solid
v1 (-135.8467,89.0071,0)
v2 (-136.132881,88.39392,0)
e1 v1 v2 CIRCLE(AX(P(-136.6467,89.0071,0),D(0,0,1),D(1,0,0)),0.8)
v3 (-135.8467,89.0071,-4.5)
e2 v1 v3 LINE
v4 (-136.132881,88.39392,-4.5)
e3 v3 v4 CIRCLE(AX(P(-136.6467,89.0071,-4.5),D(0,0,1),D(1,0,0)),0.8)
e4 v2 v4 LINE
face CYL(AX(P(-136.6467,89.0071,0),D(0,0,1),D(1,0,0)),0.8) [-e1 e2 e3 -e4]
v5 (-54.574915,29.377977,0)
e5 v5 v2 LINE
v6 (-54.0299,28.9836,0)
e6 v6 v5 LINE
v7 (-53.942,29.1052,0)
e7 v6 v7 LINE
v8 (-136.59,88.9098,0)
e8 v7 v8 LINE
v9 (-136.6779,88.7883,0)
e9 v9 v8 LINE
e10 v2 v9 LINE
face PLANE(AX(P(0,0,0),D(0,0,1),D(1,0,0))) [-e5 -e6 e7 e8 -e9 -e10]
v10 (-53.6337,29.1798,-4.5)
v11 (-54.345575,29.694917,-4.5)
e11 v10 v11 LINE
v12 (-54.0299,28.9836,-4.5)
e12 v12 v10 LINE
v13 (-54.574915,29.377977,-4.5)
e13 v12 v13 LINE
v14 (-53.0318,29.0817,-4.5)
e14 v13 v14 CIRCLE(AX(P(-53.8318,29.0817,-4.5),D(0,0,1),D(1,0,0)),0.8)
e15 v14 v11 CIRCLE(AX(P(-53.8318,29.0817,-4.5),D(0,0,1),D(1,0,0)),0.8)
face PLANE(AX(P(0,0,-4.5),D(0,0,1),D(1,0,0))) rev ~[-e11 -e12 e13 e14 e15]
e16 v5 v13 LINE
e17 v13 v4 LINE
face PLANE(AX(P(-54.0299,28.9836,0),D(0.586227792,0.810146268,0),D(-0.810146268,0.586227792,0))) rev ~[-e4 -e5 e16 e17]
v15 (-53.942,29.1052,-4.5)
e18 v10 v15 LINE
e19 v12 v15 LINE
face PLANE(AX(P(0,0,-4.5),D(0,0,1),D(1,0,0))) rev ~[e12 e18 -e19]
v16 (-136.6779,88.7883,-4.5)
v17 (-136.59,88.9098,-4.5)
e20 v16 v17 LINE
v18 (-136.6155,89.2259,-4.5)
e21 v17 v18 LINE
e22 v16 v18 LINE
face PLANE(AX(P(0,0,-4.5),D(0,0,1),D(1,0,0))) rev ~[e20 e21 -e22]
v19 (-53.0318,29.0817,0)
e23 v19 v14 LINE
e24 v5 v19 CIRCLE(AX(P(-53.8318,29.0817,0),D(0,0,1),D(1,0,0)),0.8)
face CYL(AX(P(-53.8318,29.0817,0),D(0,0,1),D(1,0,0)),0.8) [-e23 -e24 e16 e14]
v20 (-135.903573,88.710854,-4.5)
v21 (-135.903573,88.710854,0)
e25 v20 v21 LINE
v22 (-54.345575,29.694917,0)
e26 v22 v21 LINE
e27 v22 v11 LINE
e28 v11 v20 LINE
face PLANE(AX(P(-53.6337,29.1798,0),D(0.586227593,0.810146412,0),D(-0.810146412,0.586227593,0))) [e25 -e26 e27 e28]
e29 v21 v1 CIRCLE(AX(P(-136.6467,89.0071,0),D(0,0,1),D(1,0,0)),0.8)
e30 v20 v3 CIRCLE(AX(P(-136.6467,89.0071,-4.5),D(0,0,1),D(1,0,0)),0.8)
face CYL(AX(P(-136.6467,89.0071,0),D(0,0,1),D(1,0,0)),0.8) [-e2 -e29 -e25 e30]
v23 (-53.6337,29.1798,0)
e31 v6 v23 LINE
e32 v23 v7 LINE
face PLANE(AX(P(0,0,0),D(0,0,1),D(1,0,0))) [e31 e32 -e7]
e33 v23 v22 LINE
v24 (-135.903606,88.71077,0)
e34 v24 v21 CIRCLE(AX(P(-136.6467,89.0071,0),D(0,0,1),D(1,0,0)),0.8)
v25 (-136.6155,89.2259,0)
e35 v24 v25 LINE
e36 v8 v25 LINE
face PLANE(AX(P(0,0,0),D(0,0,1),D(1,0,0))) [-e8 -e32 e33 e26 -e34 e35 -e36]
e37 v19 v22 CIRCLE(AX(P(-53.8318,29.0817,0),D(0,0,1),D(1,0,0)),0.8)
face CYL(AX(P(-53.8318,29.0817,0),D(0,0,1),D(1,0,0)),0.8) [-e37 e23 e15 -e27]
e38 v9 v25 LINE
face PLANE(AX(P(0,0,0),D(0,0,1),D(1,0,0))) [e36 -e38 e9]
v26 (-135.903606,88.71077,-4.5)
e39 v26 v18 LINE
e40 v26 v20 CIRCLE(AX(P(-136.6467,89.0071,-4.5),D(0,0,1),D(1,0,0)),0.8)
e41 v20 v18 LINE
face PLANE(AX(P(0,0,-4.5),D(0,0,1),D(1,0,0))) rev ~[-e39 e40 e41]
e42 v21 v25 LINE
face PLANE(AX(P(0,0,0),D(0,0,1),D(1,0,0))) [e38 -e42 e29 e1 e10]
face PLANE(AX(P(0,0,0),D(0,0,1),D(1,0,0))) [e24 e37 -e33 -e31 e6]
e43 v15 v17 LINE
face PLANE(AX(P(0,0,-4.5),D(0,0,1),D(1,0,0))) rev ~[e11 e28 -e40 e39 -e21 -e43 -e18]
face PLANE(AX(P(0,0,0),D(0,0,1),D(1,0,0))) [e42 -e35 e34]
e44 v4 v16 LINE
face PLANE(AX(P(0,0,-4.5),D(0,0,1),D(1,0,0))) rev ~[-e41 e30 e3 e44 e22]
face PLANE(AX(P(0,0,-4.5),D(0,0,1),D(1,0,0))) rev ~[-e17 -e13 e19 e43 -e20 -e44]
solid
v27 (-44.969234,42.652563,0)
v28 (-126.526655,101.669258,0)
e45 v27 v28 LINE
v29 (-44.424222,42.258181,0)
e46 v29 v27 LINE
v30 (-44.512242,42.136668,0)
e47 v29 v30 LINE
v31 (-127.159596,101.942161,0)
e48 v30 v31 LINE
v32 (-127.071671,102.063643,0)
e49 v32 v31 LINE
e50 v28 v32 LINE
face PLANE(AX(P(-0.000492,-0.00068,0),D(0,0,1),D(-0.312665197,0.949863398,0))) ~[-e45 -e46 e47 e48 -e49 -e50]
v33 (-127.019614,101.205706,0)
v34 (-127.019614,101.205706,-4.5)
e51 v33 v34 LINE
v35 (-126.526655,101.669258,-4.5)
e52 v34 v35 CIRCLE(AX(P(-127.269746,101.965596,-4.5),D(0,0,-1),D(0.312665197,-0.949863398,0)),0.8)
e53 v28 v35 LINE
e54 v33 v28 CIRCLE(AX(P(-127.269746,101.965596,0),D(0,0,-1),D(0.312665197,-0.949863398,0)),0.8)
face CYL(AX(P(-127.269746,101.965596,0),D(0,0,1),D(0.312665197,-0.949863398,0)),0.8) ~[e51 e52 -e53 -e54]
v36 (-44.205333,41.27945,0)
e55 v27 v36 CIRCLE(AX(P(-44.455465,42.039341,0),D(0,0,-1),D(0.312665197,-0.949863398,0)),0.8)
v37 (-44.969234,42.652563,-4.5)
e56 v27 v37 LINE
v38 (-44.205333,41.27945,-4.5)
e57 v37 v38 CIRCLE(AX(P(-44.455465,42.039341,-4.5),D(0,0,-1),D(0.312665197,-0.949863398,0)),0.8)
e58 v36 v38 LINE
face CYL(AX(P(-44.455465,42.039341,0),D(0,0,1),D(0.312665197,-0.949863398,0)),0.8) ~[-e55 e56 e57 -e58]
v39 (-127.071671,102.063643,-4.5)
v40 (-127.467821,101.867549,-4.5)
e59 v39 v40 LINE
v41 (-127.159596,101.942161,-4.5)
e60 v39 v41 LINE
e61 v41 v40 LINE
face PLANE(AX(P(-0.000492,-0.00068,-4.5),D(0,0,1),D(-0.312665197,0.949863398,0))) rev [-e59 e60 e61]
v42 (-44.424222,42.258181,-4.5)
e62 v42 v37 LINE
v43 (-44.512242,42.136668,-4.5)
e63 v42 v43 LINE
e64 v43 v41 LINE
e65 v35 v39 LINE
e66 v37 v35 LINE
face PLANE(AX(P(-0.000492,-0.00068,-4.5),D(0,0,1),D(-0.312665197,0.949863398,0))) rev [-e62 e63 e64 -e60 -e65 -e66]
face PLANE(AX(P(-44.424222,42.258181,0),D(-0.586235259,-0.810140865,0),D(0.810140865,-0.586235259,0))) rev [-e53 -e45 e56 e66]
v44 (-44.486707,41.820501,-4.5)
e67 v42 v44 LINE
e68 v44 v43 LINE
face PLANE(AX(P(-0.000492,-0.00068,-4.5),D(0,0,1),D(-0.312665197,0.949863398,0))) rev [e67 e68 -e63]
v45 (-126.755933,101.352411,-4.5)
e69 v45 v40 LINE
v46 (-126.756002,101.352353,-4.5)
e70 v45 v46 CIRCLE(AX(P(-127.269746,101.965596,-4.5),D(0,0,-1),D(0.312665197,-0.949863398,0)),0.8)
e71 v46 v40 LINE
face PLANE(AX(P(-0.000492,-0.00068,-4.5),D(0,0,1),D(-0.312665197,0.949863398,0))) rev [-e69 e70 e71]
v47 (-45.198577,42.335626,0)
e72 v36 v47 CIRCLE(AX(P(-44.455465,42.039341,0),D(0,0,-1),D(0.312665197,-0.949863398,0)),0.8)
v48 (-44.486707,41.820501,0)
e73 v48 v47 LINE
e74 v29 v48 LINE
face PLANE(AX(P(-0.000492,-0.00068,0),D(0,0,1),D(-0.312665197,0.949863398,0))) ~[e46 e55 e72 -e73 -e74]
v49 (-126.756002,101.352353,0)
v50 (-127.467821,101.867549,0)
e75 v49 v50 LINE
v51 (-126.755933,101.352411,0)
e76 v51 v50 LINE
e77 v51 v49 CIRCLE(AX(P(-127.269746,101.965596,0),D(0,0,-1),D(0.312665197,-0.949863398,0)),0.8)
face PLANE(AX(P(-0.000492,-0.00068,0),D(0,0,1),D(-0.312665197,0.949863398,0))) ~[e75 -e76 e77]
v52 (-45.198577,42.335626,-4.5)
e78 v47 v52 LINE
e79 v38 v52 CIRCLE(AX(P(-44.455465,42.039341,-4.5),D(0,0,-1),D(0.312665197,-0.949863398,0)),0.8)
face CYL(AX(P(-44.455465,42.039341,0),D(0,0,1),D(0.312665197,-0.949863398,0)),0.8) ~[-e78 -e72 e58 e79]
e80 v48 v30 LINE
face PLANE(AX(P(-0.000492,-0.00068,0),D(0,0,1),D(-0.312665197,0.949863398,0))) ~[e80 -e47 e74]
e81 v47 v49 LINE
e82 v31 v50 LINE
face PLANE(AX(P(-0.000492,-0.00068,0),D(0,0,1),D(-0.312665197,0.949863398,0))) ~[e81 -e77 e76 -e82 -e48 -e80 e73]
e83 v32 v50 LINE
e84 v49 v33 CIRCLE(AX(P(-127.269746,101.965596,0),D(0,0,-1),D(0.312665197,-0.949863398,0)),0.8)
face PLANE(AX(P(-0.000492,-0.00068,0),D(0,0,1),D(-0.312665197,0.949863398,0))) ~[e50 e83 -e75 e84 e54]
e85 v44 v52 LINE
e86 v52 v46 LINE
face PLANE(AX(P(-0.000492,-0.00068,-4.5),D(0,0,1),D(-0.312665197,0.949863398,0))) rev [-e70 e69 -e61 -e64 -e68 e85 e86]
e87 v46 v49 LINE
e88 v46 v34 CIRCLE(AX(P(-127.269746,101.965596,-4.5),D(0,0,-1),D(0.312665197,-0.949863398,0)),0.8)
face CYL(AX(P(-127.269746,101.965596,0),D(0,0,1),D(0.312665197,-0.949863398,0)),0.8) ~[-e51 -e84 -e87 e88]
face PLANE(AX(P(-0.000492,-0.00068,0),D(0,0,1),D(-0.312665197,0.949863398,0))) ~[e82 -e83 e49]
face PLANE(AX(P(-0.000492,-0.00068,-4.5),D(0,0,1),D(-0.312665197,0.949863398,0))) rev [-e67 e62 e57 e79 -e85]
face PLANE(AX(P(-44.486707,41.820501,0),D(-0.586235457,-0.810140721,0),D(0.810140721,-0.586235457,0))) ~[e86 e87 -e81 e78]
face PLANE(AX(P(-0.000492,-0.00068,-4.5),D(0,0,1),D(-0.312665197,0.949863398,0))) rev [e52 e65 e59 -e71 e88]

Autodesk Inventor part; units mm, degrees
ref_plane "YZ Plane" through (0, 0, 0) normal (1, 0, 0) x (0, 1, 0)
ref_plane "XZ Plane" through (0, 0, 0) normal (0, 1, 0) x (-1, 0, 0)
ref_plane "XY Plane" through (0, 0, 0) normal (0, 0, 1) x (1, 0, 0)
ref_plane "Plano de trabajo1" through (0, 0, 0) normal (0, 0, 1) x (1, 0, 0)
sketch "Boceto1" plane through (0, 0, 0) normal (0, 0, 1) x (1, 0, 0)
  line L0 (-46.3948, 33.5716) -> (-52.5431, 31.0384) projected
  line L1 (-45.911, 40.2037) -> (-46.3948, 33.5716) projected
  line L2 (-128.559, 100.0083) -> (-45.911, 40.2037) projected
  line L3 (-134.7073, 97.4751) -> (-128.559, 100.0083) projected
  line L4 (-135.1911, 90.843) -> (-134.7073, 97.4751) projected
  line L5 (-52.5431, 31.0384) -> (-135.1911, 90.843) projected
  line L6 (-127.1601, 101.9415) -> (-44.5121, 42.1369) projected
  line L7 (-126.3896, 103.0063) -> (-43.7416, 43.2017) projected
  line L8 (-53.942, 29.1052) -> (-136.59, 88.9098) projected
  line L9 (-137.3604, 87.845) -> (-136.59, 88.9098) projected
  line L10 (-54.7125, 28.0404) -> (-137.3604, 87.845) projected
  line L11 (-126.3896, 103.0063) -> (-127.1601, 101.9415) projected
  line L12 (-136.0968, 89.5913) -> (-53.4489, 29.7866) projected
  line L13 (-45.0053, 41.4554) -> (-127.6532, 101.2601) projected
  line L14 (-127.1601, 101.9415) -> (-131.5092, 100.8886) projected
  line L15 (-136.0968, 89.5913) -> (-135.1911, 90.843) projected
  line L16 (-127.6532, 101.2601) -> (-128.559, 100.0083) projected
  line L17 (-136.59, 88.9098) -> (-136.9497, 93.3701) projected
  line L18 (-136.59, 88.9098) -> (-136.9497, 93.3701) projected
  line L19 (-53.942, 29.1052) -> (-136.59, 88.9098) projected
  line L20 (-49.5929, 30.1581) -> (-53.942, 29.1052) projected
  line L21 (-49.5929, 30.1581) -> (-136.9497, 93.3701) projected
  line L22 (-136.0968, 89.5913) -> (-136.6414, 89.5473)
  line L23 (-53.6337, 29.1798) -> (-136.8536, 89.3983)
  line L24 (-136.8536, 89.3983) -> (-135.6548, 91.0551)
  line L25 (-54.0299, 28.9836) -> (-136.6779, 88.7883)
  line L26 (-49.5929, 30.1581) -> (-53.942, 29.1052) projected
  line L27 (-54.7125, 28.0404) -> (-53.942, 29.1052) projected
  line L28 (-49.5929, 30.1581) -> (-53.942, 29.1052) projected
  line L29 (-53.4489, 29.7866) -> (-49.0998, 30.8396) projected
  line L30 (-53.4489, 29.7866) -> (-52.5431, 31.0384) projected
  line L31 (-54.0299, 28.9836) -> (-53.6337, 29.1798)
  line L32 (-136.6779, 88.7883) -> (-136.6155, 89.2259)
  point P0 (0, 0)
  dimension "d0" = 0.6
  dimension "d1" = 0.15
extrude "Extrusión1" add sketch "Boceto1" against normal blind 4.5 contours L31 L27 L20 | L20 L8 L17 L23 | L27 L25 L9 L8 | L17 L9 L32
ref_plane "Plano de trabajo2" through (-60.3674, 43.6822, 240.2336) normal (0.5862, 0.8101, 0) x (0.2891, -0.2092, 0.9342)
sketch "Boceto2" plane through (0, 0, 0) normal (0, 0, 1) x (1, 0, 0)
  line L0 (-53.6337, 29.1798) -> (-136.6155, 89.2259) projected
  line L1 (-136.6155, 89.2259) -> (-136.6779, 88.7883) projected
  line L2 (-136.6779, 88.7883) -> (-54.0299, 28.9836) projected
  line L3 (-54.0299, 28.9836) -> (-53.6337, 29.1798) projected
  circle A0 centre (-136.6467, 89.0071) radius 0.8
  circle A1 centre (-53.8318, 29.0817) radius 0.8
  point P0 (0, 0)
  point P1 (-54.5749, 29.378)
  point P2 (-54.3456, 29.6949)
  point P3 (-135.9036, 88.7108)
  point P4 (-136.1329, 88.3939)
  dimension "d4" = 1.6
  dimension "d5" = 1.6
extrude "Extrusión2" add sketch "Boceto2" against normal blind 4.5 contours L0 A1 L2 L3 | L0 L1 L2 A0 picked at (-53.7287, 28.8358) picked at (-136.9085, 89.0577)
mirror "Simetría1" about plane through (-60.3674, 43.6822, 240.2336) normal (0.5862, 0.8101, 0) of "Extrusión1", "Extrusión2"
properties part number "Soportes"
